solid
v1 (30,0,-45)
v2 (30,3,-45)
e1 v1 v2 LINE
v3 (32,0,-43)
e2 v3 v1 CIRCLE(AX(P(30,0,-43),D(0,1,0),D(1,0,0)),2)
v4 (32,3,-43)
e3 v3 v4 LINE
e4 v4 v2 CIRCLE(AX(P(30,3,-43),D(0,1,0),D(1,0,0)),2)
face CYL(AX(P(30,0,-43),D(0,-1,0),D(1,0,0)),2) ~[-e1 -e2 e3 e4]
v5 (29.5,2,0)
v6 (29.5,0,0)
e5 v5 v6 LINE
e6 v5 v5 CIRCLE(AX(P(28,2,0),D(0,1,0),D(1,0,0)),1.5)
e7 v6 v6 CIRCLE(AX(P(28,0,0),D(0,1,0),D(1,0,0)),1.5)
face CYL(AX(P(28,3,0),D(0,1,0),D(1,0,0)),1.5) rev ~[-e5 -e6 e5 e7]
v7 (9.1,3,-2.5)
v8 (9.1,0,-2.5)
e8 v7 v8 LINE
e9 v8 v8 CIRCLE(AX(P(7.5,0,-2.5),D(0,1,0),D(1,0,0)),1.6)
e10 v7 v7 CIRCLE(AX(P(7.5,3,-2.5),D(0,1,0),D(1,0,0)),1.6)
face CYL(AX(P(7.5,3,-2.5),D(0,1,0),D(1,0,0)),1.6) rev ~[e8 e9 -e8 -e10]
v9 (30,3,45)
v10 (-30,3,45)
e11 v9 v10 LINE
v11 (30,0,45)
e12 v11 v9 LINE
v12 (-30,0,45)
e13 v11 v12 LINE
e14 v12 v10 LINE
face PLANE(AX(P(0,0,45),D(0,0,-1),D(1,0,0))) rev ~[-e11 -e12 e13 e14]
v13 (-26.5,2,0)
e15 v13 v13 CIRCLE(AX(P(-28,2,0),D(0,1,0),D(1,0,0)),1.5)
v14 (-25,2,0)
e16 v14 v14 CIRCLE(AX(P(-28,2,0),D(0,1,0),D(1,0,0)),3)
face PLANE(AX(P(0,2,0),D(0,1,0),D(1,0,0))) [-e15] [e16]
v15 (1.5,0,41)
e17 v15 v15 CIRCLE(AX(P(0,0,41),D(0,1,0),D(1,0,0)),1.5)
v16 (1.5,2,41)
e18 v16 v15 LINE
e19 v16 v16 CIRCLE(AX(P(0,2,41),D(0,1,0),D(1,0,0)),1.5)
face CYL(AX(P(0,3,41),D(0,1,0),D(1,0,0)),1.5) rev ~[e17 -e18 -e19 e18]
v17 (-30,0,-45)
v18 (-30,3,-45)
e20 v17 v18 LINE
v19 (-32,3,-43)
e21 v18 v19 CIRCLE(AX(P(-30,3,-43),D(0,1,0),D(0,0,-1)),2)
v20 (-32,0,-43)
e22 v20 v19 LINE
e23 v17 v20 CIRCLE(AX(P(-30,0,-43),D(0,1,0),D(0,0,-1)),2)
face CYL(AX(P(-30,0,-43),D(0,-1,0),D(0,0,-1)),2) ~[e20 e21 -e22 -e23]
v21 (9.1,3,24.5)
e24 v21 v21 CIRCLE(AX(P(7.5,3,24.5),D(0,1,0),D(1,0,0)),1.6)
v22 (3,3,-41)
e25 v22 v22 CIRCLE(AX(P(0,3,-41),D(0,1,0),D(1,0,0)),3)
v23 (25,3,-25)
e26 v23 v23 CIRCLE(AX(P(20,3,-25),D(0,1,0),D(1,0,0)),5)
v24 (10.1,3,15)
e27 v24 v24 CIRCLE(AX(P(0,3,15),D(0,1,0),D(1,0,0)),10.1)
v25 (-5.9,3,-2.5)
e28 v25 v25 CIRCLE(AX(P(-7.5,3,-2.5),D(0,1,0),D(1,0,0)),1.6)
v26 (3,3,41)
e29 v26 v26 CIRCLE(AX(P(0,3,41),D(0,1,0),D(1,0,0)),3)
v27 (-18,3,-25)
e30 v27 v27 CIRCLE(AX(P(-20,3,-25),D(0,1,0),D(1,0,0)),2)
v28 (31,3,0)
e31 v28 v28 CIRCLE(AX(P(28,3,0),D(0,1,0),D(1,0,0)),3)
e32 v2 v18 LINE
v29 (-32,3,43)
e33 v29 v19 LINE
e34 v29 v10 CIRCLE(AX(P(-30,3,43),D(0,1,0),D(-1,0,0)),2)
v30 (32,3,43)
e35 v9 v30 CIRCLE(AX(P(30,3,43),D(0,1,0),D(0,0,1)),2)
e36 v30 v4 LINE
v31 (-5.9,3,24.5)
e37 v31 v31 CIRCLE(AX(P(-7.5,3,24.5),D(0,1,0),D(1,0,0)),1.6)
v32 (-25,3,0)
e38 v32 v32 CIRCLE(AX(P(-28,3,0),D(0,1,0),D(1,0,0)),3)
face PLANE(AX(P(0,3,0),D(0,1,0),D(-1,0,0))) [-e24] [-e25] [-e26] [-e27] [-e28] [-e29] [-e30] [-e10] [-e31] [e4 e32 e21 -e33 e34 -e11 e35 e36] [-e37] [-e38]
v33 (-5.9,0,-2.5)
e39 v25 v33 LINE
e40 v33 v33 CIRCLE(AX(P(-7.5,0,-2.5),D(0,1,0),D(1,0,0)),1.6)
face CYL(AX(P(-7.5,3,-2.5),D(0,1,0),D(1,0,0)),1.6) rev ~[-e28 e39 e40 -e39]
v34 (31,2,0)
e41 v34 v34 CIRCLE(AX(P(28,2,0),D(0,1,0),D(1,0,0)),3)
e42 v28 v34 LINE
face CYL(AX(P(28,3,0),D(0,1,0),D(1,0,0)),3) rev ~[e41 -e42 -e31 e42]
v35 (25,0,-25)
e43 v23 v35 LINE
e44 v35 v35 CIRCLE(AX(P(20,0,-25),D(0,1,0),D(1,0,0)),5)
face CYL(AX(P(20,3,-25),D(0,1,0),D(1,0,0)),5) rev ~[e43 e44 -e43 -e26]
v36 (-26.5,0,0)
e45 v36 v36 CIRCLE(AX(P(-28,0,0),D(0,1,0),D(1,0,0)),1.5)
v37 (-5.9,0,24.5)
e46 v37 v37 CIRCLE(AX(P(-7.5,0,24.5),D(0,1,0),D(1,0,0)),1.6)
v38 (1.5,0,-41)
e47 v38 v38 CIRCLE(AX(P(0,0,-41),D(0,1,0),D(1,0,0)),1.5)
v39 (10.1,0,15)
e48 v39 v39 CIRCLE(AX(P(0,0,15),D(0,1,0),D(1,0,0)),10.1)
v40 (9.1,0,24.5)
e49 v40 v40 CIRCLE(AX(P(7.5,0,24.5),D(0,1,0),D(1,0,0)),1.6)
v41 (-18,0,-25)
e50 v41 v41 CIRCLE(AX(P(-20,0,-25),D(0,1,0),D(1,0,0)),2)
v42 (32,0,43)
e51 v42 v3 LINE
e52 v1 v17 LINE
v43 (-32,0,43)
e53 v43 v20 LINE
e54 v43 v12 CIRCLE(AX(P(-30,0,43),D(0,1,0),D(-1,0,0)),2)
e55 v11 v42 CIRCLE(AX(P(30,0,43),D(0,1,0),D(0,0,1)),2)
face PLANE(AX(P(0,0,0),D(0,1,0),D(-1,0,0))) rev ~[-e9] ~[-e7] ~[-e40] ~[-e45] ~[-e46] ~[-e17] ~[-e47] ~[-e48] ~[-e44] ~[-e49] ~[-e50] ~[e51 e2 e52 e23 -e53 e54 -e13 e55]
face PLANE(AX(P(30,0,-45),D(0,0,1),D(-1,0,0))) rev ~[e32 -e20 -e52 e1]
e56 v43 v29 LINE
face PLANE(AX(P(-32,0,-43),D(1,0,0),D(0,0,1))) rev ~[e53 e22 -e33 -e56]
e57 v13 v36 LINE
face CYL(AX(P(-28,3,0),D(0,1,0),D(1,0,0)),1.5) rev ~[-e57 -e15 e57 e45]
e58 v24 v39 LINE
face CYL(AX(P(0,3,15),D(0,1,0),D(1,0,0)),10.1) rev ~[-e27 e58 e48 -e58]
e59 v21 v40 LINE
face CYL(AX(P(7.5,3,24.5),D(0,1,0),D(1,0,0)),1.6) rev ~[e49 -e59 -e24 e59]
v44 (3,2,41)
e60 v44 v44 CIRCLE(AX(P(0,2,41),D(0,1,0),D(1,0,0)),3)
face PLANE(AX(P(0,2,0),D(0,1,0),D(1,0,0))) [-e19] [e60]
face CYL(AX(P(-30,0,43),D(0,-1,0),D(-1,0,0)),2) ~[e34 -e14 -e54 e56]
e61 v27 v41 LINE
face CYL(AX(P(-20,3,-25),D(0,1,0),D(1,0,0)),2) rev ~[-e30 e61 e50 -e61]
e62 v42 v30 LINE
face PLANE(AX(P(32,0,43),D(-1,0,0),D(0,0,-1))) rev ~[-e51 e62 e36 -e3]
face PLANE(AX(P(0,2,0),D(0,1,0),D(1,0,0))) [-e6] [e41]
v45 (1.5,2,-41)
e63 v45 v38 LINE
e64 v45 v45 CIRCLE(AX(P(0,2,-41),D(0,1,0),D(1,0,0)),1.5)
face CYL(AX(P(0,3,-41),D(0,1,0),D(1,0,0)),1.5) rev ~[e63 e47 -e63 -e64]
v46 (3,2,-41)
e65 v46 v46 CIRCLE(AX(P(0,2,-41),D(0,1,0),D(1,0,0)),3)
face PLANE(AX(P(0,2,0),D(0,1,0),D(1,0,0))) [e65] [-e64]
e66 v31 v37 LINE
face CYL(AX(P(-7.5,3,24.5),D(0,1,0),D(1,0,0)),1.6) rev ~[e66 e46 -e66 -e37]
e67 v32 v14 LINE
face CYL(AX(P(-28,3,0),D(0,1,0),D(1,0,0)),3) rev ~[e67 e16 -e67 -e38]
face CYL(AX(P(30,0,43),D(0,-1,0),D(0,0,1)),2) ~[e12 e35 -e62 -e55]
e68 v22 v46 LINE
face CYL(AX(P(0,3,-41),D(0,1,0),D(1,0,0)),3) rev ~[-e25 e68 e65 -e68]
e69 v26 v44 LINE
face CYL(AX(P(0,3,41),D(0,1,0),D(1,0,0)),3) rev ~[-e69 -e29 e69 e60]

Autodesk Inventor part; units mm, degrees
ref_plane "YZ Plane" through (0, 0, 0) normal (1, 0, 0) x (0, 1, 0)
ref_plane "XZ Plane" through (0, 0, 0) normal (0, 1, 0) x (-1, 0, 0)
ref_plane "XY Plane" through (0, 0, 0) normal (0, 0, 1) x (1, 0, 0)
sketch "Sketch1" plane through (0, 0, 0) normal (0, 1, 0) x (-1, 0, 0)
  line L0 (-30, -43) -> (30, -43)
  line L1 (30, -43) -> (30, 43)
  line L2 (30, 43) -> (-30, 43)
  line L3 (-30, 43) -> (-30, -43)
  line L4 (-30, -43) -> (30, 43) construction
  line L5 (30, -43) -> (-30, 43) construction
  line L6 (0, 43) -> (0, 45)
  line L7 (30, 0) -> (32, 0)
  line L8 (-30, -45) -> (30, -45)
  line L9 (32, -43) -> (32, 43)
  line L10 (30, 45) -> (-30, 45)
  line L11 (-32, 43) -> (-32, -43)
  line L12 (-32, -45) -> (32, 45) construction
  line L13 (32, -45) -> (-32, 45) construction
  arc A0 (-32, -43) -> (-30, -45) centre (-30, -43) ccw
  arc A1 (30, -45) -> (32, -43) centre (30, -43) ccw
  arc A2 (32, 43) -> (30, 45) centre (30, 43) ccw
  arc A3 (-30, 45) -> (-32, 43) centre (-30, 43) ccw
  point P0 (0, 0)
  point P1 (0, 0)
  dimension "d4" = 60
  dimension "d5" = 86
  dimension "d6" = 2
  dimension "d7" = 2
  dimension "d8" = 2
extrude "Extrusion1" add sketch "Sketch1" along normal blind 3
sketch "Sketch2" plane through (0, 3, 0) normal (0, 1, 0) x (1, 0, 0)
  circle A0 centre (0, 41) radius 1.5
  circle A1 centre (-28, 0) radius 1.5
  circle A2 centre (0, -41) radius 1.5
  circle A3 centre (28, 0) radius 1.5
  line L0 (-32, 43) -> (-32, -43)
  arc A4 (-32, -43) -> (-30, -45) centre (-30, -43) ccw
  line L1 (-30, -45) -> (30, -45)
  arc A5 (-30, 45) -> (-32, 43) centre (-30, 43) ccw
  line L2 (30, 45) -> (-30, 45)
  arc A6 (32, 43) -> (30, 45) centre (30, 43) ccw
  line L3 (32, -43) -> (32, 43)
  arc A7 (30, -45) -> (32, -43) centre (30, -43) ccw
  circle A8 centre (-20, 25) radius 2
  circle A9 centre (7.5, 2.5) radius 1.6
  circle A10 centre (7.5, -24.5) radius 1.6
  circle A11 centre (0, -15) radius 10.1
  circle A12 centre (-7.5, 2.5) radius 1.6
  circle A13 centre (-7.5, -24.5) radius 1.6
  line L4 (0, 0) -> (0, 4.1)
  circle A14 centre (20, 25) radius 5
  point P0 (-5.5, -13.5)
  dimension "d11" = 4
  dimension "d13" = 20.2
  dimension "d14" = 3.2
  dimension "d15" = 3.2
  dimension "d16" = 3.2
  dimension "d17" = 3.2
  dimension "d20" = 10
extrude "Extrusion2" cut sketch "Sketch2" against normal through all contours A0 | A1 | A2 | A3 | A8 | A9 | A10 | A11 | A12 | A13 | A14
sketch "Sketch3" plane through (0, 3, 0) normal (0, 1, 0) x (1, 0, 0)
  circle A0 centre (-28, 0) radius 1.5 projected
  circle A1 centre (0, 41) radius 1.5 projected
  circle A2 centre (0, -41) radius 1.5 projected
  circle A3 centre (28, 0) radius 1.5 projected
  circle A4 centre (0, -41) radius 3
  circle A5 centre (-28, 0) radius 3
  circle A6 centre (0, 41) radius 3
  circle A7 centre (28, 0) radius 3
  point P0 (0, 0)
  dimension "d21" = 6
  dimension "d22" = 6
  dimension "d23" = 6
  dimension "d24" = 6
extrude "Extrusion3" cut sketch "Sketch3" against normal blind 1
properties part number "Case Top"
